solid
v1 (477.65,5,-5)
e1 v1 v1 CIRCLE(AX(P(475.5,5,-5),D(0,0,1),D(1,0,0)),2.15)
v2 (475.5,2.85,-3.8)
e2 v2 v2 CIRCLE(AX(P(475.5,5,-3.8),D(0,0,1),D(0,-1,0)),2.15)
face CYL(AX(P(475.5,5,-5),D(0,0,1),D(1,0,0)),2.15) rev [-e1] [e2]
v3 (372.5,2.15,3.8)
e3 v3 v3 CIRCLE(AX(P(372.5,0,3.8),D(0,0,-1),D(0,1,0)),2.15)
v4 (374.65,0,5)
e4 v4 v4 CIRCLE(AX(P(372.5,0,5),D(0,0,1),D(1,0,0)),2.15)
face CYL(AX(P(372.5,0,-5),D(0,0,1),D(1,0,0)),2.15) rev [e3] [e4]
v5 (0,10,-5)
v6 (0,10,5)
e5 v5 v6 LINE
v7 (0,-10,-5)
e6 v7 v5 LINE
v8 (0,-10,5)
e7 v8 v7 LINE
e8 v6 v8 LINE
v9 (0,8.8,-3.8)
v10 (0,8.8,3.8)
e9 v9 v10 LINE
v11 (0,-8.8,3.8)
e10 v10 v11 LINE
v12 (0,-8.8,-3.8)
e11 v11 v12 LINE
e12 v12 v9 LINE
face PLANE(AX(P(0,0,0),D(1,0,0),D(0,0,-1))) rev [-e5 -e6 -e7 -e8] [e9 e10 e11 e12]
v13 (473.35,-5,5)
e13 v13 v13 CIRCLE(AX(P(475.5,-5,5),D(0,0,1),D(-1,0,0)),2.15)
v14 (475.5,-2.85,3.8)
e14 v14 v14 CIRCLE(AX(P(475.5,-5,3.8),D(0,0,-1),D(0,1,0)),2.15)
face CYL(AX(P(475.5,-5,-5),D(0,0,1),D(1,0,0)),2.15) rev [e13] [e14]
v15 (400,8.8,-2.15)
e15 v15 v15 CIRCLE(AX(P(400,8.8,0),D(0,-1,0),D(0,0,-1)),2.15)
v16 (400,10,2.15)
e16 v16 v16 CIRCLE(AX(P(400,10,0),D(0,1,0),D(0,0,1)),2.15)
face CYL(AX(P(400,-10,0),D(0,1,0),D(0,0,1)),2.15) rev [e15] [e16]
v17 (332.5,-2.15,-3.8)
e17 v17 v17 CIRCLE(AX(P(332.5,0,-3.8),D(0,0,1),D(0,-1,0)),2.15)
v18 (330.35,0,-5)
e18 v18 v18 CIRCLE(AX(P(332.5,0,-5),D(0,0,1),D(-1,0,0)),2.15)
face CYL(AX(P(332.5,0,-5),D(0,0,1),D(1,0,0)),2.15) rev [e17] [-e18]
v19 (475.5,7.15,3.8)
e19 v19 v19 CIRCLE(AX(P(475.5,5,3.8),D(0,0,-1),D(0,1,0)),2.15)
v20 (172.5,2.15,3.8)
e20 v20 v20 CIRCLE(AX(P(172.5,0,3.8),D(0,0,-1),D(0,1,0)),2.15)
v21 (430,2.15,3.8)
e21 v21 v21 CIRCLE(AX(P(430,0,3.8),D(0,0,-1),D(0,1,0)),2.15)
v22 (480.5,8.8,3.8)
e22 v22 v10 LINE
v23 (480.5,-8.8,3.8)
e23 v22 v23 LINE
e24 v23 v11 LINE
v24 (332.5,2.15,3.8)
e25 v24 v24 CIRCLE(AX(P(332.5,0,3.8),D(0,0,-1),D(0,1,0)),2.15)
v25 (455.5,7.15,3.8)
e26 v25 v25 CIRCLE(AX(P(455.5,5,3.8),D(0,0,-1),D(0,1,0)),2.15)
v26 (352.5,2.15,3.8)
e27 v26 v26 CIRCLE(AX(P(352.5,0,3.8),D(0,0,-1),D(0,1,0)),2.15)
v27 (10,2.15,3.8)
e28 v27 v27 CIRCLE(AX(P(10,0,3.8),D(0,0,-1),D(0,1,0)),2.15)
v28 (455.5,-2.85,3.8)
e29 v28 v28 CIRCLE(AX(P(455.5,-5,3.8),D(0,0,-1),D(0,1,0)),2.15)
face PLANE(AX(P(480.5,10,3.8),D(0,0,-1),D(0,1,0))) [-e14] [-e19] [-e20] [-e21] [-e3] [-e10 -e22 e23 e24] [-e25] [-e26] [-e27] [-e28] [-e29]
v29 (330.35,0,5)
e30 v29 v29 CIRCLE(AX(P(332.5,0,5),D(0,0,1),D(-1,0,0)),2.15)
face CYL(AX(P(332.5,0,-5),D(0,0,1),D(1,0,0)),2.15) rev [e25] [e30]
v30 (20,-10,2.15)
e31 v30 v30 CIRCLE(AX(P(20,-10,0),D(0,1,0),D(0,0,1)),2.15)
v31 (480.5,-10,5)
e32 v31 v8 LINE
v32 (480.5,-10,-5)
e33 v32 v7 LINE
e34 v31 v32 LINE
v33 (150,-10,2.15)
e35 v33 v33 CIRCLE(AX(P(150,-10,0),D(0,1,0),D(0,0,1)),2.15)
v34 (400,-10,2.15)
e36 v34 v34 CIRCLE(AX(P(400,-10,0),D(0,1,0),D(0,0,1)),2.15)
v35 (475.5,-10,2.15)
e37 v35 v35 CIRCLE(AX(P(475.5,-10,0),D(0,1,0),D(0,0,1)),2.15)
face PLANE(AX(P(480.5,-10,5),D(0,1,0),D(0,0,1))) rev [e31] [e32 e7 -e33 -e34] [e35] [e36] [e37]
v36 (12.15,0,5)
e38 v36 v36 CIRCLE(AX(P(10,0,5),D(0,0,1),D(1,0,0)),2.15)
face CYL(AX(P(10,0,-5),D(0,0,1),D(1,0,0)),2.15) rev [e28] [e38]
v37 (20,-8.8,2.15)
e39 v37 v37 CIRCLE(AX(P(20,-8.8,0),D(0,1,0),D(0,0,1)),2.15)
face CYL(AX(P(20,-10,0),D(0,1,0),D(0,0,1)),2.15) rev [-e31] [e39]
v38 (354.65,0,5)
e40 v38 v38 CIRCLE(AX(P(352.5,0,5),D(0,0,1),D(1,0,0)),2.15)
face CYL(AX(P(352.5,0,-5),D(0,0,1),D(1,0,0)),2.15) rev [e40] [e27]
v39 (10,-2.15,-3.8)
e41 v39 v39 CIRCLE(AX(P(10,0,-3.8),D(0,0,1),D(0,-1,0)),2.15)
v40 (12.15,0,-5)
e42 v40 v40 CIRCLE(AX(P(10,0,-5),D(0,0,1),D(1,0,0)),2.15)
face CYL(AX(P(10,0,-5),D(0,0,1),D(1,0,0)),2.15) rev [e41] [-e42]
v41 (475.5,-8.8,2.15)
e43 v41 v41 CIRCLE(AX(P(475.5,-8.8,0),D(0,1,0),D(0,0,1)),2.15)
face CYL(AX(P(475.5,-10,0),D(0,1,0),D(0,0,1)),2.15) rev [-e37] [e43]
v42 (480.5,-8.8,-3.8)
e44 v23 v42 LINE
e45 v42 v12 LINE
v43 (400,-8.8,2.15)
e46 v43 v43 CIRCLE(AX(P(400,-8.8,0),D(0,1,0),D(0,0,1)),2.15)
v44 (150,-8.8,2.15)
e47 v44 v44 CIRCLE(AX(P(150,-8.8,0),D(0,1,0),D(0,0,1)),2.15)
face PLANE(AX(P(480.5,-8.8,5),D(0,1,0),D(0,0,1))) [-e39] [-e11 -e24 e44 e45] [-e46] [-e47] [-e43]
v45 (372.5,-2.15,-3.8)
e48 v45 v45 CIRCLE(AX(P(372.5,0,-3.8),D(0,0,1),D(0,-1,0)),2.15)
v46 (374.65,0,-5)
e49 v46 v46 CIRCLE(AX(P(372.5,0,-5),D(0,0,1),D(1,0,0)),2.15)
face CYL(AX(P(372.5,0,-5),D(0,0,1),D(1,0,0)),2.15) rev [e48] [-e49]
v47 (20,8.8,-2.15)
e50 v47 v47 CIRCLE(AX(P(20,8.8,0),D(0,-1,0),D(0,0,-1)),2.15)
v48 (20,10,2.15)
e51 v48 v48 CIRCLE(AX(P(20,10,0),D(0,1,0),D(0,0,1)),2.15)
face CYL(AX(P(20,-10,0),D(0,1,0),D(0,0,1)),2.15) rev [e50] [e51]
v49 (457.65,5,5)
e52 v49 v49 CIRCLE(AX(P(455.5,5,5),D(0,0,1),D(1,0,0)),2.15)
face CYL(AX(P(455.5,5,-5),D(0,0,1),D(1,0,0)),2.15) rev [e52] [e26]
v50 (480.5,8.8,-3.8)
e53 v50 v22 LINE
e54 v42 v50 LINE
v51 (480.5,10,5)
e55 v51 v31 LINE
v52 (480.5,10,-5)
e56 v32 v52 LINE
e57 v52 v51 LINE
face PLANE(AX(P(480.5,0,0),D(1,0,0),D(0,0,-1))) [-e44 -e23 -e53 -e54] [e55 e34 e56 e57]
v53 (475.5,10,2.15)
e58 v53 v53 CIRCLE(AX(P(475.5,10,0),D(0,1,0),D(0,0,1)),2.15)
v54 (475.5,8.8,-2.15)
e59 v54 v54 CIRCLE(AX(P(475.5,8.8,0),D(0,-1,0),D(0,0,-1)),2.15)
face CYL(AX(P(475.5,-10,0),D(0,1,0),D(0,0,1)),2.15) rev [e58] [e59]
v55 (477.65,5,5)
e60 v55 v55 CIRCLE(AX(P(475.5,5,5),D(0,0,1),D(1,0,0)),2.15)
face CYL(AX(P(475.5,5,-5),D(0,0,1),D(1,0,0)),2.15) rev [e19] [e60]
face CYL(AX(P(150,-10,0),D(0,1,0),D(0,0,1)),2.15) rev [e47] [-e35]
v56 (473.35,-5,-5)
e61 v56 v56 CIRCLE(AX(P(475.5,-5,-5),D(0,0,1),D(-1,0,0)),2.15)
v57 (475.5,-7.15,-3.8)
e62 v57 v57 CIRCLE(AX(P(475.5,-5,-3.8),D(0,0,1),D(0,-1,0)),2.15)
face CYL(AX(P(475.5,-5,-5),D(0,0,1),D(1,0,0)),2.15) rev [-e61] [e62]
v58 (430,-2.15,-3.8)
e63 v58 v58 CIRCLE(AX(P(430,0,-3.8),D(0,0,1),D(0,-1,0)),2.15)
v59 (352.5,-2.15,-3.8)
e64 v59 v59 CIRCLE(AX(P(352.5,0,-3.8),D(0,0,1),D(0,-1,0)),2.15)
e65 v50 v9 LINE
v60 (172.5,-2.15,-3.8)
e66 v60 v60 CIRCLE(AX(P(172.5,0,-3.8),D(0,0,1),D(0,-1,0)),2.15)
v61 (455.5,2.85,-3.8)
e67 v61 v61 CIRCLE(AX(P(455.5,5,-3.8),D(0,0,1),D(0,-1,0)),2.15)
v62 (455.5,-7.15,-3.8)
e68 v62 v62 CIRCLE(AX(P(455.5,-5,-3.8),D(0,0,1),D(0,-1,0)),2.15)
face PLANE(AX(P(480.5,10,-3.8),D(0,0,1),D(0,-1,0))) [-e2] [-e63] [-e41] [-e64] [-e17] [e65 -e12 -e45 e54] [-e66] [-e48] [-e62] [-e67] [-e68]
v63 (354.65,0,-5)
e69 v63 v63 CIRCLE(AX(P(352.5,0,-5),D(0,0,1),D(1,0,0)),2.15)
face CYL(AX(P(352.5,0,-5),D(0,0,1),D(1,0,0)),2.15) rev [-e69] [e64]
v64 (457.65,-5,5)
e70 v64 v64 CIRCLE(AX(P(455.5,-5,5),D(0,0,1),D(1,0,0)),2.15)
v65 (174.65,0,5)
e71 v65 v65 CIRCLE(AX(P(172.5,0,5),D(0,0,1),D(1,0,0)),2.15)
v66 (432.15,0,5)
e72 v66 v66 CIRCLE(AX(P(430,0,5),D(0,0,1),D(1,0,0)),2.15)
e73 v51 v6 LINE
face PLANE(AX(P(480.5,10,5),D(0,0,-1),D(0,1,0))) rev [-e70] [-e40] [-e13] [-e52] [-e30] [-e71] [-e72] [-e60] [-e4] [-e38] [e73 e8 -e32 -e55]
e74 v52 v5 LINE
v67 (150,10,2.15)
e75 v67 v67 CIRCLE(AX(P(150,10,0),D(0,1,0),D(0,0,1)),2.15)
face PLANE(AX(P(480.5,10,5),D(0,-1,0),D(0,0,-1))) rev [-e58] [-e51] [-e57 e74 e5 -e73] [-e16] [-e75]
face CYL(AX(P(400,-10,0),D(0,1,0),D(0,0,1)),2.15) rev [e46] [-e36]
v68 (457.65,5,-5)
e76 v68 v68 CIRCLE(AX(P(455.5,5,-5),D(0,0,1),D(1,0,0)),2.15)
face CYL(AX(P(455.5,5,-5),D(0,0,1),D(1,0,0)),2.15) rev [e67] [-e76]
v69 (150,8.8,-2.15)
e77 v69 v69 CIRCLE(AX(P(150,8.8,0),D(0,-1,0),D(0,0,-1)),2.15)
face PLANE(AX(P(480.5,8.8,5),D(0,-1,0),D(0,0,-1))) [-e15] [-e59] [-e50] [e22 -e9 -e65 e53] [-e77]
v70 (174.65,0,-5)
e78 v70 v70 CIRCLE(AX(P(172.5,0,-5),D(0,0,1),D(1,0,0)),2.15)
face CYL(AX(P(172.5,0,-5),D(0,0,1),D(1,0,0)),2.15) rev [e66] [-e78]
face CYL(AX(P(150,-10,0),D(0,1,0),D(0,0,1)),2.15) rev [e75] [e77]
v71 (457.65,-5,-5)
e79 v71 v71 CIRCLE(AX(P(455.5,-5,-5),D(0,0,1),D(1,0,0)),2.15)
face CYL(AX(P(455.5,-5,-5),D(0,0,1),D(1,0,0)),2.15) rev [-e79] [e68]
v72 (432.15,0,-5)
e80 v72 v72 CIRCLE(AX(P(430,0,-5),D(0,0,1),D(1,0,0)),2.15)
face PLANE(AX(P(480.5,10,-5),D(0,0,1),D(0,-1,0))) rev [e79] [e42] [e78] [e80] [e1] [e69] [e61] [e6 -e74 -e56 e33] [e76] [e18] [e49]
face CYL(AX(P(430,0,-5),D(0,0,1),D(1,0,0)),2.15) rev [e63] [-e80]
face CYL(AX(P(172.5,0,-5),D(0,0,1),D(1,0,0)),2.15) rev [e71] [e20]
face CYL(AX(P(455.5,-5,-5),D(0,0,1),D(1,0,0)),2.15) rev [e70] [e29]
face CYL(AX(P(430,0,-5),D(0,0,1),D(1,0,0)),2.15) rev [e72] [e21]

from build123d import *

# Parameters (mm, degrees)
SKETCH_1_W          = 10
SKETCH_1_H          = 20
SKETCH_1_W_2        = 7.6
SKETCH_1_H_2        = 17.6
EXTRUDE_1_DEPTH     = 480.5
SKETCH_2_R          = 2.15
CUT_EXTRUDE_1_DEPTH = 481.708071495
SKETCH_3_R          = 2.15
CUT_EXTRUDE_2_DEPTH = 481.942044326


with BuildPart() as part:
    # ｽｹｯﾁ1 → 押し出し-薄板1 (new body)
    with BuildSketch(Plane(origin=(0, 0, 0), x_dir=(0, 0, -1), z_dir=(1, 0, 0))):
        Rectangle(SKETCH_1_W, SKETCH_1_H)
        Rectangle(SKETCH_1_W_2, SKETCH_1_H_2, mode=Mode.SUBTRACT)
    extrude(amount=EXTRUDE_1_DEPTH)

    # ｽｹｯﾁ2 → ｶｯﾄ - 押し出し1 (cut, through all)
    with BuildSketch(Plane.XY.offset(5)):
        with Locations((372.5, 0)):
            Circle(SKETCH_2_R)
        with Locations(Location((332.5, 0, 0), (0, 0, 90))):
            Circle(SKETCH_2_R)
        with Locations((352.5, 0)):
            Circle(SKETCH_2_R)
        with Locations((172.5, 0)):
            Circle(SKETCH_2_R)
        with Locations((10, 0)):
            Circle(SKETCH_2_R)
        with Locations((475.5, 5)):
            Circle(SKETCH_2_R)
        with Locations(Location((475.5, -5, 0), (0, 0, 90))):
            Circle(SKETCH_2_R)
        with Locations((455.5, 5)):
            Circle(SKETCH_2_R)
        with Locations((455.5, -5)):
            Circle(SKETCH_2_R)
        with Locations((430, 0)):
            Circle(SKETCH_2_R)
    extrude(amount=-CUT_EXTRUDE_1_DEPTH, mode=Mode.SUBTRACT)

    # ｽｹｯﾁ3 → ｶｯﾄ - 押し出し2 (cut, through all)
    with BuildSketch(Plane(origin=(0, 10, 0), x_dir=(1, 0, 0), z_dir=(0, 1, 0))):
        with Locations(Location((400, 0, 0), (0, 0, 270))):
            Circle(SKETCH_3_R)
        with Locations(Location((475.5, 0, 0), (0, 0, 270))):
            Circle(SKETCH_3_R)
        with Locations(Location((150, 0, 0), (0, 0, 270))):
            Circle(SKETCH_3_R)
        with Locations(Location((20, 0, 0), (0, 0, 270))):
            Circle(SKETCH_3_R)
    extrude(amount=-CUT_EXTRUDE_2_DEPTH, mode=Mode.SUBTRACT)


solid = part.part
